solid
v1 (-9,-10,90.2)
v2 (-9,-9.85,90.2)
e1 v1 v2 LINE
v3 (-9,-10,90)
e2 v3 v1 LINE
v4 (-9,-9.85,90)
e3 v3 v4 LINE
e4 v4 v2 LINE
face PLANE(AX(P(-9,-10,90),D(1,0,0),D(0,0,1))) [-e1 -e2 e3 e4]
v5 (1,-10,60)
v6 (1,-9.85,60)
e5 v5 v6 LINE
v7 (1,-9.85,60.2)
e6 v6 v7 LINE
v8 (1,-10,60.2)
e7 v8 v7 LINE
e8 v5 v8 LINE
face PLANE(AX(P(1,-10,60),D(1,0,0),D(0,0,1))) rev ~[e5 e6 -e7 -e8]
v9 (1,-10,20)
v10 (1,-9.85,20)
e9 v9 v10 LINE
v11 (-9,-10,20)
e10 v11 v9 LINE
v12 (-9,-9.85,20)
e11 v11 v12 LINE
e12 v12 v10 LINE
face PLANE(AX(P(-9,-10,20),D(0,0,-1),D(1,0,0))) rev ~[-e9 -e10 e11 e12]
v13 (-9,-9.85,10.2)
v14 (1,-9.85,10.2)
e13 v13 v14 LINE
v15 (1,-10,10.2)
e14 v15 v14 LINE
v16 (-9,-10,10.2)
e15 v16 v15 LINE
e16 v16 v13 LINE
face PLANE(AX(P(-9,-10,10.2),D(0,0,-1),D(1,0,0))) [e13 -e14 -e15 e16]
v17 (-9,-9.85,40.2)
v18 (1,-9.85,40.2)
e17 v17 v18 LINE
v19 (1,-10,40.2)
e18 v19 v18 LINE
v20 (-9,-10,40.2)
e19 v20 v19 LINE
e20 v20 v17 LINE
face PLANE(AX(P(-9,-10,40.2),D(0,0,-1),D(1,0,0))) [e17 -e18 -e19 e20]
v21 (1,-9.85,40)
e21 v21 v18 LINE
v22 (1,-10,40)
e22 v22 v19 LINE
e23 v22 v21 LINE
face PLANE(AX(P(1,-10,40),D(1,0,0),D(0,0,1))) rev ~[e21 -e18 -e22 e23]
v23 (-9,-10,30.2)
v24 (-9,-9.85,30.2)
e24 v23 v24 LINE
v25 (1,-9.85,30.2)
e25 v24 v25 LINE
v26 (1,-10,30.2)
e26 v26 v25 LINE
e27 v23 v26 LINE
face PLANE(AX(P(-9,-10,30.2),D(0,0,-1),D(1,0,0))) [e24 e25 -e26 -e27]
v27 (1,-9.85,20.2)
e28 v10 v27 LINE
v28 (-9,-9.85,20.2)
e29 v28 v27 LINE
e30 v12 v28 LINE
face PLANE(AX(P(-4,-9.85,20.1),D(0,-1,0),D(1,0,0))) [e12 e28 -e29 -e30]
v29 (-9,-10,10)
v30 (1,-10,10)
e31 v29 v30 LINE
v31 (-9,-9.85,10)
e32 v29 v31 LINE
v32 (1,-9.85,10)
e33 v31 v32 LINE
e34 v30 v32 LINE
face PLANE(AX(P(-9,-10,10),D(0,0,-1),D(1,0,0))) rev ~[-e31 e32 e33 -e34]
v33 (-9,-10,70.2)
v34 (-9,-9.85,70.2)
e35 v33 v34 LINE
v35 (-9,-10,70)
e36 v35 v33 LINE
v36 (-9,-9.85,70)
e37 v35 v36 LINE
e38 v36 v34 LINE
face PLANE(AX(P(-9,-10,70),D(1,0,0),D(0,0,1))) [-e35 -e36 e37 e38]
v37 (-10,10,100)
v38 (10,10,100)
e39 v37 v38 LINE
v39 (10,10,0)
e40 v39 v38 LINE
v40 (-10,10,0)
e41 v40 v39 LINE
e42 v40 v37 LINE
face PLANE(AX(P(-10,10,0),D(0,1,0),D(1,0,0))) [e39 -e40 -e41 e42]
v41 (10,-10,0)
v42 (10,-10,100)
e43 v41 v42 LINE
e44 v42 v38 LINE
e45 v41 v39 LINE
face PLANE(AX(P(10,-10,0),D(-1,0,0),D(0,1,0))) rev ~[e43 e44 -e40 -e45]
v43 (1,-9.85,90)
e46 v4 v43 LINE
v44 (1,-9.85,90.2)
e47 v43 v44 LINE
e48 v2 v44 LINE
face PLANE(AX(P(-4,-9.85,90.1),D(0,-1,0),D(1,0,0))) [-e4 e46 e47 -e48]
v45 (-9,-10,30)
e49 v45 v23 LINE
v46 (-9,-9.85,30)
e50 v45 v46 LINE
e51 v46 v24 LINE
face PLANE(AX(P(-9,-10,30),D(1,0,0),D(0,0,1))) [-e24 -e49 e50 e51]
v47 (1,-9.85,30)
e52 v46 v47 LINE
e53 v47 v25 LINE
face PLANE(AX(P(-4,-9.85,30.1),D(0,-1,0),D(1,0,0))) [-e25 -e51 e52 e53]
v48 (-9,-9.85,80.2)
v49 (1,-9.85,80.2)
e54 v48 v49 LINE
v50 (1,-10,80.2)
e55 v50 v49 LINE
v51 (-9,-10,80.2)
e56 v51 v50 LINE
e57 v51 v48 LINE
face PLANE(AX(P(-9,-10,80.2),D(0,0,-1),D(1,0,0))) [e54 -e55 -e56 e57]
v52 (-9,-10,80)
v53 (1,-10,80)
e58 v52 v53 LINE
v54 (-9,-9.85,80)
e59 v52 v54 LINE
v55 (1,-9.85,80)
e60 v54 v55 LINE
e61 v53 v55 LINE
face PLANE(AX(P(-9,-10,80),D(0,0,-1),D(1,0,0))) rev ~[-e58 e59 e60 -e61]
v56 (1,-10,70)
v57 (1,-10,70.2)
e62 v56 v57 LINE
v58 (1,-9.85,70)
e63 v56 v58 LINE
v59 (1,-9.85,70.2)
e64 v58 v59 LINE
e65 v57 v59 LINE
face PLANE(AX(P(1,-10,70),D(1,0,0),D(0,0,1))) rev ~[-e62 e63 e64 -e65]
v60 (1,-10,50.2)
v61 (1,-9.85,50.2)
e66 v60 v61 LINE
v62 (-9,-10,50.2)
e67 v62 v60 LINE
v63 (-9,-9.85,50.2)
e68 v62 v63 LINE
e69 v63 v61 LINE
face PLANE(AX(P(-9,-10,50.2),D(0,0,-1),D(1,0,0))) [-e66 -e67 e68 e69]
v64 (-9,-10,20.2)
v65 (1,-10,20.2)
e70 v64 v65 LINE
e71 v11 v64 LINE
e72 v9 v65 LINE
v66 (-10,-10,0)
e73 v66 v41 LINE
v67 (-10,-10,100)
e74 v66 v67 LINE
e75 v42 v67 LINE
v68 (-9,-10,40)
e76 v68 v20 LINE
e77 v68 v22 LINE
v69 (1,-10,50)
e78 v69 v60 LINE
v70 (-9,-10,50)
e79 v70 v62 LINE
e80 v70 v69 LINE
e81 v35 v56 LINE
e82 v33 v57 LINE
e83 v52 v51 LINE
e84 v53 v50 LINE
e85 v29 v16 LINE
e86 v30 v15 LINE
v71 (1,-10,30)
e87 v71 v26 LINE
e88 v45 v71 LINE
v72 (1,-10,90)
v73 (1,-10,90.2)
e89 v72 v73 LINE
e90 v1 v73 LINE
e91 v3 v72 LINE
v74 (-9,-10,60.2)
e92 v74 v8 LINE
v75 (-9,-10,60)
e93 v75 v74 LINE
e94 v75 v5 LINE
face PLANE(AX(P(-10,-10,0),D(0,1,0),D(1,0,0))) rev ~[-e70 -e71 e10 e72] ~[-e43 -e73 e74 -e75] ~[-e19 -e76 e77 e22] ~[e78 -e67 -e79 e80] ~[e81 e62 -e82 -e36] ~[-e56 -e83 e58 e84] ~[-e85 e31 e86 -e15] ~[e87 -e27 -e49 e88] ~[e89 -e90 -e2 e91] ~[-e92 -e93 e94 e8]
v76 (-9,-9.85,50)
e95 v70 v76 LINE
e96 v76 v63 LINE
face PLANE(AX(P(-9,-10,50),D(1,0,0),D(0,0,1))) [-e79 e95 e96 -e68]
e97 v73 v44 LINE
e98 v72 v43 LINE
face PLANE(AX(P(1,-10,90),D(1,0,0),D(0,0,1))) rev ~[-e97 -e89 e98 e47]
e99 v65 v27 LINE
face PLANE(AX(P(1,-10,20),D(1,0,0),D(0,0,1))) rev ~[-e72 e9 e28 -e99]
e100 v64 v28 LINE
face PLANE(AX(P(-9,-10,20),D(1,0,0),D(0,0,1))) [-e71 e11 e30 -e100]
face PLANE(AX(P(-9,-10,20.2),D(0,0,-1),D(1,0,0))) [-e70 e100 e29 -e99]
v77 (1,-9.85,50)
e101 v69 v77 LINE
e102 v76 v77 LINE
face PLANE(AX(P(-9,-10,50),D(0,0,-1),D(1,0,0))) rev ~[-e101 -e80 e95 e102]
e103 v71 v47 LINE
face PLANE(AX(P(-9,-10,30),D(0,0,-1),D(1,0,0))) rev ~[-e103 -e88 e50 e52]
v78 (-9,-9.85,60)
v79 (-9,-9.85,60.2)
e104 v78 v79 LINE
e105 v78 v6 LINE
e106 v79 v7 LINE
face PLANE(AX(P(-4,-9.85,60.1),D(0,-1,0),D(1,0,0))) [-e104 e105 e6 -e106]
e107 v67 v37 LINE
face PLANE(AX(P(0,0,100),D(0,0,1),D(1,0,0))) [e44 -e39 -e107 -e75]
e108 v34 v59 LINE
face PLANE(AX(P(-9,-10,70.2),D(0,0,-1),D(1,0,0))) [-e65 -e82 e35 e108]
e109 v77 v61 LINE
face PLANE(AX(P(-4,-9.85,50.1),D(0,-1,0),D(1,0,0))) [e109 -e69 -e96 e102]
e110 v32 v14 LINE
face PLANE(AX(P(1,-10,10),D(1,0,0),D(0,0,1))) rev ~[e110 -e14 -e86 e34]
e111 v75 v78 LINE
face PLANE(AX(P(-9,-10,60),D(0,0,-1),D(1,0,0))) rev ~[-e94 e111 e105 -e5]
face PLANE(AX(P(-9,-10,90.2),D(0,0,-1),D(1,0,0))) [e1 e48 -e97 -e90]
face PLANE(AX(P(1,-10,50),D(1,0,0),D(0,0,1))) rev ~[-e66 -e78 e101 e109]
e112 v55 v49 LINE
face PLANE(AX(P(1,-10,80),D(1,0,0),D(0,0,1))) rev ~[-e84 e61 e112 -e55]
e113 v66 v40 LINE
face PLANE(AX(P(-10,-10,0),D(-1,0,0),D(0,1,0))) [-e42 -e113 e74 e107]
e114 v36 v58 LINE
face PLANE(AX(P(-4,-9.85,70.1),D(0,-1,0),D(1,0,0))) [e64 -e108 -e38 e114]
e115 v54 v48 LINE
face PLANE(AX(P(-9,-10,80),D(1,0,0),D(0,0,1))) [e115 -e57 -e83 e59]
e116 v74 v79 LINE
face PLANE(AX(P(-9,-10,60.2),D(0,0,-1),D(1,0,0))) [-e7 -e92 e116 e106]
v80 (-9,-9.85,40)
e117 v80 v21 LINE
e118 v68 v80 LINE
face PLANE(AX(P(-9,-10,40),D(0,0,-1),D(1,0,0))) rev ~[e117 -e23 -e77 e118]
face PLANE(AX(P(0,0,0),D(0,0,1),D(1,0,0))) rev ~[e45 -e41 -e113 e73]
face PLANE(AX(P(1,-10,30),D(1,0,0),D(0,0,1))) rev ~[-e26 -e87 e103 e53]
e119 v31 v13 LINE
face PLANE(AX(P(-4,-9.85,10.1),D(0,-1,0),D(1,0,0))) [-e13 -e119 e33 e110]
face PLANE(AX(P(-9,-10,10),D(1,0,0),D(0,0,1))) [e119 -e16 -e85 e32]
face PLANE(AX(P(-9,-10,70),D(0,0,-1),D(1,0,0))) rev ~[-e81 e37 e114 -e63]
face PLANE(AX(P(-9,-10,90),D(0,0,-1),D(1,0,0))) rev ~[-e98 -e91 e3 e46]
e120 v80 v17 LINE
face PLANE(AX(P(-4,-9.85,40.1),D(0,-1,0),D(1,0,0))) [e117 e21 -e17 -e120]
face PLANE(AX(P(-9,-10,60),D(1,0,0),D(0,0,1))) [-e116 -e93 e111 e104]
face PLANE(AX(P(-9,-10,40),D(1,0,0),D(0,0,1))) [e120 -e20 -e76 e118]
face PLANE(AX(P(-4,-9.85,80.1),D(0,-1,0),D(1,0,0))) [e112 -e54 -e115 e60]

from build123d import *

# Parameters (mm, degrees)
F0_W     = 20
F0_H     = 20
F1_DEPTH = 100
F2_W     = 10
F2_H     = 0.2
F3_DEPTH = 0.15


with BuildPart() as f1:
    # F0 (on Top) → F1 (new body)
    with BuildSketch(Plane.XY):
        Rectangle(F0_W, F0_H)
    extrude(amount=F1_DEPTH)

    # F2 (on face) → F3 (cut)
    with BuildSketch(Plane.XZ.offset(10)):
        with Locations((-4, 10.1)):
            Rectangle(F2_W, F2_H)
        with Locations((-4, 20.1)):
            Rectangle(F2_W, F2_H)
        with Locations((-4, 30.1)):
            Rectangle(F2_W, F2_H)
        with Locations((-4, 40.1)):
            Rectangle(F2_W, F2_H)
        with Locations((-4, 50.1)):
            Rectangle(F2_W, F2_H)
        with Locations((-4, 60.1)):
            Rectangle(F2_W, F2_H)
        with Locations((-4, 70.1)):
            Rectangle(F2_W, F2_H)
        with Locations((-4, 80.1)):
            Rectangle(F2_W, F2_H)
        with Locations((-4, 90.1)):
            Rectangle(F2_W, F2_H)
        with Locations((-4, 100.1)):
            Rectangle(F2_W, F2_H)
    extrude(amount=-F3_DEPTH, mode=Mode.SUBTRACT)


solid = f1.part
